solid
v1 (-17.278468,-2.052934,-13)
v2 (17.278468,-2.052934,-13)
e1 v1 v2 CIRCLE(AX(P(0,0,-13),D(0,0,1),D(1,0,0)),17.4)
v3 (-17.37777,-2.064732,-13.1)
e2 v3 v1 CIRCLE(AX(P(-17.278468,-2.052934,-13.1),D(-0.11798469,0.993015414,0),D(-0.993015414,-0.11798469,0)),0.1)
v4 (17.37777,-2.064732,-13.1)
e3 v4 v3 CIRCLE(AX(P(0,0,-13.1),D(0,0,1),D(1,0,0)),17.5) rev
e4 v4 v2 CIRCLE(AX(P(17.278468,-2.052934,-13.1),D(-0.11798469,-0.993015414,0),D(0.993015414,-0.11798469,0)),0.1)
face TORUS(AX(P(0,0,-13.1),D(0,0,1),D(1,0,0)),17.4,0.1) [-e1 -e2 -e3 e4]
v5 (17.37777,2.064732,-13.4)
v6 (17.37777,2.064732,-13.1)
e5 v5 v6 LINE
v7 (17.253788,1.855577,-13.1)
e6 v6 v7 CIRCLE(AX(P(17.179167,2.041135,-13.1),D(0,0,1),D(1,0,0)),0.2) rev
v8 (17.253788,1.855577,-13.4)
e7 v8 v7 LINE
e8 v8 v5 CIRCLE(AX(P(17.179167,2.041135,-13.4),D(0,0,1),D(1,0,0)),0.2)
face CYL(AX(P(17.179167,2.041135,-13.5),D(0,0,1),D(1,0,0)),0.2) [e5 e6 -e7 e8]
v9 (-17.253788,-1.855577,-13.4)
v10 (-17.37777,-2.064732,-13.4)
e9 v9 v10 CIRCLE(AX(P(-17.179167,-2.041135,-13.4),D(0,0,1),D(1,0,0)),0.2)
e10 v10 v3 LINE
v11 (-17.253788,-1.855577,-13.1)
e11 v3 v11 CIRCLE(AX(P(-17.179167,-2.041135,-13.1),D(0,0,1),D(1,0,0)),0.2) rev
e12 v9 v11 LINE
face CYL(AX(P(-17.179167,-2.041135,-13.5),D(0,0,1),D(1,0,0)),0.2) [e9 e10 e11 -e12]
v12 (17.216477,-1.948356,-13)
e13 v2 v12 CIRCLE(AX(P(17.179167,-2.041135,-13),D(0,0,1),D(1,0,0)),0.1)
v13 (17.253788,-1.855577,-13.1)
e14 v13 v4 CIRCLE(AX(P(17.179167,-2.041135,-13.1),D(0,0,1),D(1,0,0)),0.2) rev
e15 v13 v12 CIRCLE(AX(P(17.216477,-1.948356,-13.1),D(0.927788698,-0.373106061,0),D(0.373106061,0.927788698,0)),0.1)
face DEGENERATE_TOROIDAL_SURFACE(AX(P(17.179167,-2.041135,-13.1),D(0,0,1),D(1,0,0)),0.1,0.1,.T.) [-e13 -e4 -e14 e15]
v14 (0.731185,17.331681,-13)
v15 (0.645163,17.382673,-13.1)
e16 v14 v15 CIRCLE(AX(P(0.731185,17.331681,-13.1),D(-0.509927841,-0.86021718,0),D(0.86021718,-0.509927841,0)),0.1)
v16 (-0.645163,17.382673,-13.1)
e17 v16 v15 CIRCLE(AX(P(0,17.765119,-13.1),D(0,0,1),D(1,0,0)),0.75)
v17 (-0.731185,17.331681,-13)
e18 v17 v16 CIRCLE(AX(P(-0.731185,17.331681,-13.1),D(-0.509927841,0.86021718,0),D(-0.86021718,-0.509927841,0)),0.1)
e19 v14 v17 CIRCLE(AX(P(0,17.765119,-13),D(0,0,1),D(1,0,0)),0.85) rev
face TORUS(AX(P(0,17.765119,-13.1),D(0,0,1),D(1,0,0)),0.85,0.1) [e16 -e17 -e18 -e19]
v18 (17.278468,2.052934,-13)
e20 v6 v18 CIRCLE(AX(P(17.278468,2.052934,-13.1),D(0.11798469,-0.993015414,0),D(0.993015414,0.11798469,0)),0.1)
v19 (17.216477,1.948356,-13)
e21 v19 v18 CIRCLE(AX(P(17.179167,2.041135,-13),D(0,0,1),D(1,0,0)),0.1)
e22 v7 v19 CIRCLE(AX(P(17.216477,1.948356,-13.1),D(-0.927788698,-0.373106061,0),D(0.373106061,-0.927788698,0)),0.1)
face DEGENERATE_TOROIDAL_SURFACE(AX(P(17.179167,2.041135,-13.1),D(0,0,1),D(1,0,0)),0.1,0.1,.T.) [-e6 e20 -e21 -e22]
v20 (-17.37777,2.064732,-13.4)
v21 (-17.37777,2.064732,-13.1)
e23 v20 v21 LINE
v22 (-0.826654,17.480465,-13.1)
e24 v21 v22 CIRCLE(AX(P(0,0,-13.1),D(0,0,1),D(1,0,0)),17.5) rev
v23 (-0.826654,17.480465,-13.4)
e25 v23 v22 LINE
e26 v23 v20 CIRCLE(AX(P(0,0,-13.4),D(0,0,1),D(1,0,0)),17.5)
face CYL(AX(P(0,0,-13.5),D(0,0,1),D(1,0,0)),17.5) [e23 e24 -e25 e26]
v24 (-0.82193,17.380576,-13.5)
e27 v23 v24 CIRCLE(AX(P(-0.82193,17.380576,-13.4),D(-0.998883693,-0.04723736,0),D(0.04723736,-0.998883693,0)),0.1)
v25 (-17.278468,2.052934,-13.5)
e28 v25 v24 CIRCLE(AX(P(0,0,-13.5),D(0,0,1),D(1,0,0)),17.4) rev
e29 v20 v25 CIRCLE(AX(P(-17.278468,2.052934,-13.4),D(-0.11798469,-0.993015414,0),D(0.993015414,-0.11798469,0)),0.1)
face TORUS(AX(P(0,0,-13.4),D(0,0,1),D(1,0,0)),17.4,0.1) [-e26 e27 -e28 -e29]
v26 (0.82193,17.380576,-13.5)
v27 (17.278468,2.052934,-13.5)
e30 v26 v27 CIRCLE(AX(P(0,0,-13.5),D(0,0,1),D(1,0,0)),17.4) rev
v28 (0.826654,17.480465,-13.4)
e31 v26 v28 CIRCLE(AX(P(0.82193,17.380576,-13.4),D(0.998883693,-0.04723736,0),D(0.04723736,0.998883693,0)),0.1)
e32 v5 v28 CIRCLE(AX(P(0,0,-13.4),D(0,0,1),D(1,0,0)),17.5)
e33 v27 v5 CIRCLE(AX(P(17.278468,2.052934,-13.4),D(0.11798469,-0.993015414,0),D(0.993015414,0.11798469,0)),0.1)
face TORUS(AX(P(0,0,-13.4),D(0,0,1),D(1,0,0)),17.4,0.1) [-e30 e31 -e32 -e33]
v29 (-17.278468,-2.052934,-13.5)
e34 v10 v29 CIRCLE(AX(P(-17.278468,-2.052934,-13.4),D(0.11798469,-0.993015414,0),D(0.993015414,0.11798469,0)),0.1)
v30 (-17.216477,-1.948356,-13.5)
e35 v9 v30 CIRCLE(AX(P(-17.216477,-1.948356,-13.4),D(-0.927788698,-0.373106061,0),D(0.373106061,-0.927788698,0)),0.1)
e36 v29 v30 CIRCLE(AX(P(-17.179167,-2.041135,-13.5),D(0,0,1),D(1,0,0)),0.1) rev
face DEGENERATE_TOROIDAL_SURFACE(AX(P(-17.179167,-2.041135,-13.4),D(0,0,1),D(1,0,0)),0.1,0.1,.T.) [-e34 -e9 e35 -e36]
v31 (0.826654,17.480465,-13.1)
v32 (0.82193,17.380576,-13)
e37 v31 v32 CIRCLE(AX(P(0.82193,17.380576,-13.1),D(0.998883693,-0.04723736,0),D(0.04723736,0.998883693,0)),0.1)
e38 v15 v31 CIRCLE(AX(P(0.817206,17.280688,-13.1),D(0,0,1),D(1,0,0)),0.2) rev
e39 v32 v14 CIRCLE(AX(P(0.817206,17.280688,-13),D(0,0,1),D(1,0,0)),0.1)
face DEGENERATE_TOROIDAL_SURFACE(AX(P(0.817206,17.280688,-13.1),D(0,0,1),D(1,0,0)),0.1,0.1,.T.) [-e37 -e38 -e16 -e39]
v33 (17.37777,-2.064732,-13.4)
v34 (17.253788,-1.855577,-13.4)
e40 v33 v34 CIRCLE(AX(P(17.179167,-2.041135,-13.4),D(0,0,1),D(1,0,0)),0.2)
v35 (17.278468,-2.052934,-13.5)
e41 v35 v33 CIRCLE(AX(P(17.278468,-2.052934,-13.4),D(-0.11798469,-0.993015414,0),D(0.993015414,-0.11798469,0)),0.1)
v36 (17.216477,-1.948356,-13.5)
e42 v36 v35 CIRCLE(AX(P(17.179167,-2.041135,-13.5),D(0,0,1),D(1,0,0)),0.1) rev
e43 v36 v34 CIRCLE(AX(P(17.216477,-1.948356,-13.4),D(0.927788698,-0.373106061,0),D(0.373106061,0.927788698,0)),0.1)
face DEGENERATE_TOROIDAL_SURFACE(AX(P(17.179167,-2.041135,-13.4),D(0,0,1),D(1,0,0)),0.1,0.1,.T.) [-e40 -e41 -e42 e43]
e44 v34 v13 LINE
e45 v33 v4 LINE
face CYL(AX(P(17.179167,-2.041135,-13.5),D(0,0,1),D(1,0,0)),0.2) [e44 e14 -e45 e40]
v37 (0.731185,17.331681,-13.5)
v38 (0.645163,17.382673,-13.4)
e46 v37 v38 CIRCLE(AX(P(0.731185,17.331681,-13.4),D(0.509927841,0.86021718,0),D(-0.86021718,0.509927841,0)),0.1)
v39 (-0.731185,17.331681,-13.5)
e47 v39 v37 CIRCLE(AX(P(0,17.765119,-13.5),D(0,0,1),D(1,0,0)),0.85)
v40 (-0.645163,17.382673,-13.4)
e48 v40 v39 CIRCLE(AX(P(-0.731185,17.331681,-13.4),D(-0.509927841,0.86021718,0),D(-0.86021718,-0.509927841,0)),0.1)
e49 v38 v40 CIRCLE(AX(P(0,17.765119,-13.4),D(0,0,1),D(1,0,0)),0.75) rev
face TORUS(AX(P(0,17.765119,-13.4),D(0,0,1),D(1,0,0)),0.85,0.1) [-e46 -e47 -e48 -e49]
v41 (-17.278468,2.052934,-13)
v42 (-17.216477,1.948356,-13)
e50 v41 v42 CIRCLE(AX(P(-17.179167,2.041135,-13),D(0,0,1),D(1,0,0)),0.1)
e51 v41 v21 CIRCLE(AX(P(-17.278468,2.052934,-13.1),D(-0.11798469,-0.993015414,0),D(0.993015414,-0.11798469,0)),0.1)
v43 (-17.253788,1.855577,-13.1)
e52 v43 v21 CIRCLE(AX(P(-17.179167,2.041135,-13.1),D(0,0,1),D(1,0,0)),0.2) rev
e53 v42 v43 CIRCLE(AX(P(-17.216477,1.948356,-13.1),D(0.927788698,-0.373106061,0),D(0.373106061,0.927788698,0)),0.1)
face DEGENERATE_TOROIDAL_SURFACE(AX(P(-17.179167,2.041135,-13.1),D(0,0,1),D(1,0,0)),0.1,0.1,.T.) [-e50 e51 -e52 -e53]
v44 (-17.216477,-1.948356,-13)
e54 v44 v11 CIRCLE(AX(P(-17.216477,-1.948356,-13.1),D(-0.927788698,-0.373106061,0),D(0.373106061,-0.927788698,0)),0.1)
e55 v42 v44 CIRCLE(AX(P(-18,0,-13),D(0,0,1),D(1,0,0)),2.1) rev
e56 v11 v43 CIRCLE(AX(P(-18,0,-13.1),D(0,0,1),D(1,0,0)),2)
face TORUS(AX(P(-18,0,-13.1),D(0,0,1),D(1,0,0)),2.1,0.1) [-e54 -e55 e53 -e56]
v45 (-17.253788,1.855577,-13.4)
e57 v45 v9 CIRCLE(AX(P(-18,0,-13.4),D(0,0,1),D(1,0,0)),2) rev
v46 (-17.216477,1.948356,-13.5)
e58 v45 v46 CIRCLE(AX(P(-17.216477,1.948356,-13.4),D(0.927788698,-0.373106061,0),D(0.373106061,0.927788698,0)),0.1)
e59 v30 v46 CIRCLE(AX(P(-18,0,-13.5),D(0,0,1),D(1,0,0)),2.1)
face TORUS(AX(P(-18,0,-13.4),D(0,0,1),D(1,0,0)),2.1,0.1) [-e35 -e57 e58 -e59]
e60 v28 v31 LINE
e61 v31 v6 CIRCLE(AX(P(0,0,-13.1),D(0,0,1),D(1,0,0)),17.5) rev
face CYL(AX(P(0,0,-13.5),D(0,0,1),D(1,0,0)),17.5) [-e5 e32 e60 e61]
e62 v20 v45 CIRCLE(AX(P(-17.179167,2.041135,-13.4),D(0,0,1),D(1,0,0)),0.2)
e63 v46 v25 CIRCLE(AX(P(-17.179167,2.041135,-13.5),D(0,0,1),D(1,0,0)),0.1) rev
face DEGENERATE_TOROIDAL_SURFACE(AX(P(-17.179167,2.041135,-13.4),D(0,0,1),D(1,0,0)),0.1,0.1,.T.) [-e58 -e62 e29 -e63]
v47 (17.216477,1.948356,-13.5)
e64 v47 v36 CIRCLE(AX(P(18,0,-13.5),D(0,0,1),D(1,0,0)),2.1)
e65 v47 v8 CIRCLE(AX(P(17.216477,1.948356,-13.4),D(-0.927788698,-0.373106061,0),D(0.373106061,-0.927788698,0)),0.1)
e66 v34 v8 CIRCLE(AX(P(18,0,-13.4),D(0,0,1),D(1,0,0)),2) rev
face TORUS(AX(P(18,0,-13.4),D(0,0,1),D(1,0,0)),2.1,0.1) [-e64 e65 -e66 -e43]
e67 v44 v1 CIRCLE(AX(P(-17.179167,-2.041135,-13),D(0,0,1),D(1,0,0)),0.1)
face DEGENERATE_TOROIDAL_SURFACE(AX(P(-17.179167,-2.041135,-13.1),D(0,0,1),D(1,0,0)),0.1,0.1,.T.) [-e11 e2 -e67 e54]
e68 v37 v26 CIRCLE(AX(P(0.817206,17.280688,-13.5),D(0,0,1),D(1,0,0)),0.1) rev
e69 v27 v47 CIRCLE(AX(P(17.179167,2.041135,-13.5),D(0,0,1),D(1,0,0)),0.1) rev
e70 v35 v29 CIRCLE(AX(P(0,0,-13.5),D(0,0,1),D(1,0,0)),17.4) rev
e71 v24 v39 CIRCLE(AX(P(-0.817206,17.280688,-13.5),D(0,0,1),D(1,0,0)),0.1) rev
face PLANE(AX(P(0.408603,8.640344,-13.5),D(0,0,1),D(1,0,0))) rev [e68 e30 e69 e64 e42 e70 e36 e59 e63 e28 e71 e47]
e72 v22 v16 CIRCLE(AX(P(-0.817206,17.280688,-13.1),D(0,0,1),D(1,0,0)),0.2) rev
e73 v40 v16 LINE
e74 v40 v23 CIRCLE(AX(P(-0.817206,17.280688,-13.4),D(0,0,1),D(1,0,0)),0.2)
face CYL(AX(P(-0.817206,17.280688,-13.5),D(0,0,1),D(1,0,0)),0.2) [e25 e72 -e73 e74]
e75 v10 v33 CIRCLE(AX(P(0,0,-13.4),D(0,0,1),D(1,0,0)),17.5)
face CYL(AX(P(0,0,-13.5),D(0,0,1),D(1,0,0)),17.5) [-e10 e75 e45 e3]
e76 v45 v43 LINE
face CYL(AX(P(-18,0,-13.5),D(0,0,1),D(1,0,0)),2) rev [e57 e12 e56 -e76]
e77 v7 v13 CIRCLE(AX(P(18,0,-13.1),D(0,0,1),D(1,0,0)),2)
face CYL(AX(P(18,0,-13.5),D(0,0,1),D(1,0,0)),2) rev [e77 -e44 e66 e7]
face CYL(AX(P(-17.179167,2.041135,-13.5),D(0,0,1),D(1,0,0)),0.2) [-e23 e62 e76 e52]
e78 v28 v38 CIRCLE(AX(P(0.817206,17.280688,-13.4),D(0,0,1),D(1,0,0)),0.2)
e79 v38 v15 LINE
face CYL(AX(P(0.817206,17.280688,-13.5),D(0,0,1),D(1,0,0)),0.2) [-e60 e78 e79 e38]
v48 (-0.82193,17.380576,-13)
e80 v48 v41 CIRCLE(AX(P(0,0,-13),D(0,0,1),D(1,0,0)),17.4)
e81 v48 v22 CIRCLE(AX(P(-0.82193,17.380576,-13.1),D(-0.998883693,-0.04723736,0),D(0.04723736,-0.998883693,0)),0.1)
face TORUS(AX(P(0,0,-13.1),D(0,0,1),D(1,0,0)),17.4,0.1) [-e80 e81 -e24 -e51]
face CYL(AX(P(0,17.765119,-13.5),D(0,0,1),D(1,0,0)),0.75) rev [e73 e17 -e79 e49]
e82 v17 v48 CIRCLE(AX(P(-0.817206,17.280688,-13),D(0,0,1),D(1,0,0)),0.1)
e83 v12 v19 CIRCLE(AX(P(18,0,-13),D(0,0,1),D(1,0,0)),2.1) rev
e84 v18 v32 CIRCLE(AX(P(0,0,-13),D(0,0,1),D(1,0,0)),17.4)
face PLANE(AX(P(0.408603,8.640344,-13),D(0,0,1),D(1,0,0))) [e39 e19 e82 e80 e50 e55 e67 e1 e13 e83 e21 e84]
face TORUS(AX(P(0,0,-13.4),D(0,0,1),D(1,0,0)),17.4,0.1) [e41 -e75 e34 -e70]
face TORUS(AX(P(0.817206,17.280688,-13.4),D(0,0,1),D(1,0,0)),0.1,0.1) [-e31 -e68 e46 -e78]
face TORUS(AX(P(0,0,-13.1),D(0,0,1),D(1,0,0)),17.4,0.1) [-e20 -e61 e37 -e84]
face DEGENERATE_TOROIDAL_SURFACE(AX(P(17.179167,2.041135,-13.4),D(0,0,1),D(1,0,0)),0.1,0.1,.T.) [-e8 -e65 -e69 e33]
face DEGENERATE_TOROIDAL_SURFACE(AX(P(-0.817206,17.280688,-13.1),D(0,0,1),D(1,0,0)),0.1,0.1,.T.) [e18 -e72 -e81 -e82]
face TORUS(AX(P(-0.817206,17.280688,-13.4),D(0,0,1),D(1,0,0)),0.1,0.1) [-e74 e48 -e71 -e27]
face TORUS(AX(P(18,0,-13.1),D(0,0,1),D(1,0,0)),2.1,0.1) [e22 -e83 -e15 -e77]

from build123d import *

# Parameters (mm, degrees)
BOSS_EXTRUDE1_DEPTH = 0.5
FILLET1_R           = 0.1
FILLET2_R           = 0.1


with BuildPart() as part:
    # Sketch1 → Boss-Extrude1 (new body)
    with BuildSketch(Plane.XY.offset(-13)):
        with BuildLine():
            ThreePointArc((0.826653793, 17.480464625), (0.722337253, 17.456755657), (0.645162885, 17.382673455))
            ThreePointArc((0.645162885, 17.382673455), (0, 17.015119335), (-0.645162885, 17.382673455))
            ThreePointArc((-0.645162885, 17.382673455), (-0.722337253, 17.456755657), (-0.826653793, 17.480464625))
            ThreePointArc((-0.826653793, 17.480464625), (-11.92734093, 12.805800964), (-17.37776975, 2.064732073))
            ThreePointArc((-17.37776975, 2.064732073), (-17.351211134, 1.939151306), (-17.253787879, 1.855577395))
            ThreePointArc((-17.253787879, 1.855577395), (-16, 0), (-17.253787879, -1.855577395))
            ThreePointArc((-17.253787879, -1.855577395), (-17.351211134, -1.939151306), (-17.37776975, -2.064732073))
            ThreePointArc((-17.37776975, -2.064732073), (0, -17.5), (17.37776975, -2.064732073))
            ThreePointArc((17.37776975, -2.064732073), (17.351211134, -1.939151306), (17.253787879, -1.855577395))
            ThreePointArc((17.253787879, -1.855577395), (16, 0), (17.253787879, 1.855577395))
            ThreePointArc((17.253787879, 1.855577395), (17.351211134, 1.939151306), (17.37776975, 2.064732073))
            ThreePointArc((17.37776975, 2.064732073), (11.92734093, 12.805800964), (0.826653793, 17.480464625))
        make_face()
    extrude(amount=-BOSS_EXTRUDE1_DEPTH)

    # Fillet1
    fillet1_edges = [part.edges().sort_by_distance(p)[0] for p in [
        (0, 17.015119335, -13.5),
        (-0.722337253, 17.456755657, -13.5),
        (-11.92734093, 12.805800964, -13.5),
        (-17.351211134, 1.939151306, -13.5),
        (-16, 0, -13.5),
        (-17.351211134, -1.939151306, -13.5),
        (0, -17.5, -13.5),
        (17.351211134, -1.939151306, -13.5),
        (16, 0, -13.5),
        (17.351211134, 1.939151306, -13.5),
        (11.92734093, 12.805800964, -13.5),
        (0.722337253, 17.456755657, -13.5),
    ]]
    fillet(fillet1_edges, radius=FILLET1_R)

    # Fillet2
    fillet2_edges = [part.edges().sort_by_distance(p)[0] for p in [
        (17.351211134, 1.939151306, -13),
        (16, 0, -13),
        (17.351211134, -1.939151306, -13),
        (0, -17.5, -13),
        (-17.351211134, -1.939151306, -13),
        (-16, 0, -13),
        (-17.351211134, 1.939151306, -13),
        (-11.92734093, 12.805800964, -13),
        (-0.722337253, 17.456755657, -13),
        (0, 17.015119335, -13),
        (0.722337253, 17.456755657, -13),
        (11.92734093, 12.805800964, -13),
    ]]
    fillet(fillet2_edges, radius=FILLET2_R)


solid = part.part
